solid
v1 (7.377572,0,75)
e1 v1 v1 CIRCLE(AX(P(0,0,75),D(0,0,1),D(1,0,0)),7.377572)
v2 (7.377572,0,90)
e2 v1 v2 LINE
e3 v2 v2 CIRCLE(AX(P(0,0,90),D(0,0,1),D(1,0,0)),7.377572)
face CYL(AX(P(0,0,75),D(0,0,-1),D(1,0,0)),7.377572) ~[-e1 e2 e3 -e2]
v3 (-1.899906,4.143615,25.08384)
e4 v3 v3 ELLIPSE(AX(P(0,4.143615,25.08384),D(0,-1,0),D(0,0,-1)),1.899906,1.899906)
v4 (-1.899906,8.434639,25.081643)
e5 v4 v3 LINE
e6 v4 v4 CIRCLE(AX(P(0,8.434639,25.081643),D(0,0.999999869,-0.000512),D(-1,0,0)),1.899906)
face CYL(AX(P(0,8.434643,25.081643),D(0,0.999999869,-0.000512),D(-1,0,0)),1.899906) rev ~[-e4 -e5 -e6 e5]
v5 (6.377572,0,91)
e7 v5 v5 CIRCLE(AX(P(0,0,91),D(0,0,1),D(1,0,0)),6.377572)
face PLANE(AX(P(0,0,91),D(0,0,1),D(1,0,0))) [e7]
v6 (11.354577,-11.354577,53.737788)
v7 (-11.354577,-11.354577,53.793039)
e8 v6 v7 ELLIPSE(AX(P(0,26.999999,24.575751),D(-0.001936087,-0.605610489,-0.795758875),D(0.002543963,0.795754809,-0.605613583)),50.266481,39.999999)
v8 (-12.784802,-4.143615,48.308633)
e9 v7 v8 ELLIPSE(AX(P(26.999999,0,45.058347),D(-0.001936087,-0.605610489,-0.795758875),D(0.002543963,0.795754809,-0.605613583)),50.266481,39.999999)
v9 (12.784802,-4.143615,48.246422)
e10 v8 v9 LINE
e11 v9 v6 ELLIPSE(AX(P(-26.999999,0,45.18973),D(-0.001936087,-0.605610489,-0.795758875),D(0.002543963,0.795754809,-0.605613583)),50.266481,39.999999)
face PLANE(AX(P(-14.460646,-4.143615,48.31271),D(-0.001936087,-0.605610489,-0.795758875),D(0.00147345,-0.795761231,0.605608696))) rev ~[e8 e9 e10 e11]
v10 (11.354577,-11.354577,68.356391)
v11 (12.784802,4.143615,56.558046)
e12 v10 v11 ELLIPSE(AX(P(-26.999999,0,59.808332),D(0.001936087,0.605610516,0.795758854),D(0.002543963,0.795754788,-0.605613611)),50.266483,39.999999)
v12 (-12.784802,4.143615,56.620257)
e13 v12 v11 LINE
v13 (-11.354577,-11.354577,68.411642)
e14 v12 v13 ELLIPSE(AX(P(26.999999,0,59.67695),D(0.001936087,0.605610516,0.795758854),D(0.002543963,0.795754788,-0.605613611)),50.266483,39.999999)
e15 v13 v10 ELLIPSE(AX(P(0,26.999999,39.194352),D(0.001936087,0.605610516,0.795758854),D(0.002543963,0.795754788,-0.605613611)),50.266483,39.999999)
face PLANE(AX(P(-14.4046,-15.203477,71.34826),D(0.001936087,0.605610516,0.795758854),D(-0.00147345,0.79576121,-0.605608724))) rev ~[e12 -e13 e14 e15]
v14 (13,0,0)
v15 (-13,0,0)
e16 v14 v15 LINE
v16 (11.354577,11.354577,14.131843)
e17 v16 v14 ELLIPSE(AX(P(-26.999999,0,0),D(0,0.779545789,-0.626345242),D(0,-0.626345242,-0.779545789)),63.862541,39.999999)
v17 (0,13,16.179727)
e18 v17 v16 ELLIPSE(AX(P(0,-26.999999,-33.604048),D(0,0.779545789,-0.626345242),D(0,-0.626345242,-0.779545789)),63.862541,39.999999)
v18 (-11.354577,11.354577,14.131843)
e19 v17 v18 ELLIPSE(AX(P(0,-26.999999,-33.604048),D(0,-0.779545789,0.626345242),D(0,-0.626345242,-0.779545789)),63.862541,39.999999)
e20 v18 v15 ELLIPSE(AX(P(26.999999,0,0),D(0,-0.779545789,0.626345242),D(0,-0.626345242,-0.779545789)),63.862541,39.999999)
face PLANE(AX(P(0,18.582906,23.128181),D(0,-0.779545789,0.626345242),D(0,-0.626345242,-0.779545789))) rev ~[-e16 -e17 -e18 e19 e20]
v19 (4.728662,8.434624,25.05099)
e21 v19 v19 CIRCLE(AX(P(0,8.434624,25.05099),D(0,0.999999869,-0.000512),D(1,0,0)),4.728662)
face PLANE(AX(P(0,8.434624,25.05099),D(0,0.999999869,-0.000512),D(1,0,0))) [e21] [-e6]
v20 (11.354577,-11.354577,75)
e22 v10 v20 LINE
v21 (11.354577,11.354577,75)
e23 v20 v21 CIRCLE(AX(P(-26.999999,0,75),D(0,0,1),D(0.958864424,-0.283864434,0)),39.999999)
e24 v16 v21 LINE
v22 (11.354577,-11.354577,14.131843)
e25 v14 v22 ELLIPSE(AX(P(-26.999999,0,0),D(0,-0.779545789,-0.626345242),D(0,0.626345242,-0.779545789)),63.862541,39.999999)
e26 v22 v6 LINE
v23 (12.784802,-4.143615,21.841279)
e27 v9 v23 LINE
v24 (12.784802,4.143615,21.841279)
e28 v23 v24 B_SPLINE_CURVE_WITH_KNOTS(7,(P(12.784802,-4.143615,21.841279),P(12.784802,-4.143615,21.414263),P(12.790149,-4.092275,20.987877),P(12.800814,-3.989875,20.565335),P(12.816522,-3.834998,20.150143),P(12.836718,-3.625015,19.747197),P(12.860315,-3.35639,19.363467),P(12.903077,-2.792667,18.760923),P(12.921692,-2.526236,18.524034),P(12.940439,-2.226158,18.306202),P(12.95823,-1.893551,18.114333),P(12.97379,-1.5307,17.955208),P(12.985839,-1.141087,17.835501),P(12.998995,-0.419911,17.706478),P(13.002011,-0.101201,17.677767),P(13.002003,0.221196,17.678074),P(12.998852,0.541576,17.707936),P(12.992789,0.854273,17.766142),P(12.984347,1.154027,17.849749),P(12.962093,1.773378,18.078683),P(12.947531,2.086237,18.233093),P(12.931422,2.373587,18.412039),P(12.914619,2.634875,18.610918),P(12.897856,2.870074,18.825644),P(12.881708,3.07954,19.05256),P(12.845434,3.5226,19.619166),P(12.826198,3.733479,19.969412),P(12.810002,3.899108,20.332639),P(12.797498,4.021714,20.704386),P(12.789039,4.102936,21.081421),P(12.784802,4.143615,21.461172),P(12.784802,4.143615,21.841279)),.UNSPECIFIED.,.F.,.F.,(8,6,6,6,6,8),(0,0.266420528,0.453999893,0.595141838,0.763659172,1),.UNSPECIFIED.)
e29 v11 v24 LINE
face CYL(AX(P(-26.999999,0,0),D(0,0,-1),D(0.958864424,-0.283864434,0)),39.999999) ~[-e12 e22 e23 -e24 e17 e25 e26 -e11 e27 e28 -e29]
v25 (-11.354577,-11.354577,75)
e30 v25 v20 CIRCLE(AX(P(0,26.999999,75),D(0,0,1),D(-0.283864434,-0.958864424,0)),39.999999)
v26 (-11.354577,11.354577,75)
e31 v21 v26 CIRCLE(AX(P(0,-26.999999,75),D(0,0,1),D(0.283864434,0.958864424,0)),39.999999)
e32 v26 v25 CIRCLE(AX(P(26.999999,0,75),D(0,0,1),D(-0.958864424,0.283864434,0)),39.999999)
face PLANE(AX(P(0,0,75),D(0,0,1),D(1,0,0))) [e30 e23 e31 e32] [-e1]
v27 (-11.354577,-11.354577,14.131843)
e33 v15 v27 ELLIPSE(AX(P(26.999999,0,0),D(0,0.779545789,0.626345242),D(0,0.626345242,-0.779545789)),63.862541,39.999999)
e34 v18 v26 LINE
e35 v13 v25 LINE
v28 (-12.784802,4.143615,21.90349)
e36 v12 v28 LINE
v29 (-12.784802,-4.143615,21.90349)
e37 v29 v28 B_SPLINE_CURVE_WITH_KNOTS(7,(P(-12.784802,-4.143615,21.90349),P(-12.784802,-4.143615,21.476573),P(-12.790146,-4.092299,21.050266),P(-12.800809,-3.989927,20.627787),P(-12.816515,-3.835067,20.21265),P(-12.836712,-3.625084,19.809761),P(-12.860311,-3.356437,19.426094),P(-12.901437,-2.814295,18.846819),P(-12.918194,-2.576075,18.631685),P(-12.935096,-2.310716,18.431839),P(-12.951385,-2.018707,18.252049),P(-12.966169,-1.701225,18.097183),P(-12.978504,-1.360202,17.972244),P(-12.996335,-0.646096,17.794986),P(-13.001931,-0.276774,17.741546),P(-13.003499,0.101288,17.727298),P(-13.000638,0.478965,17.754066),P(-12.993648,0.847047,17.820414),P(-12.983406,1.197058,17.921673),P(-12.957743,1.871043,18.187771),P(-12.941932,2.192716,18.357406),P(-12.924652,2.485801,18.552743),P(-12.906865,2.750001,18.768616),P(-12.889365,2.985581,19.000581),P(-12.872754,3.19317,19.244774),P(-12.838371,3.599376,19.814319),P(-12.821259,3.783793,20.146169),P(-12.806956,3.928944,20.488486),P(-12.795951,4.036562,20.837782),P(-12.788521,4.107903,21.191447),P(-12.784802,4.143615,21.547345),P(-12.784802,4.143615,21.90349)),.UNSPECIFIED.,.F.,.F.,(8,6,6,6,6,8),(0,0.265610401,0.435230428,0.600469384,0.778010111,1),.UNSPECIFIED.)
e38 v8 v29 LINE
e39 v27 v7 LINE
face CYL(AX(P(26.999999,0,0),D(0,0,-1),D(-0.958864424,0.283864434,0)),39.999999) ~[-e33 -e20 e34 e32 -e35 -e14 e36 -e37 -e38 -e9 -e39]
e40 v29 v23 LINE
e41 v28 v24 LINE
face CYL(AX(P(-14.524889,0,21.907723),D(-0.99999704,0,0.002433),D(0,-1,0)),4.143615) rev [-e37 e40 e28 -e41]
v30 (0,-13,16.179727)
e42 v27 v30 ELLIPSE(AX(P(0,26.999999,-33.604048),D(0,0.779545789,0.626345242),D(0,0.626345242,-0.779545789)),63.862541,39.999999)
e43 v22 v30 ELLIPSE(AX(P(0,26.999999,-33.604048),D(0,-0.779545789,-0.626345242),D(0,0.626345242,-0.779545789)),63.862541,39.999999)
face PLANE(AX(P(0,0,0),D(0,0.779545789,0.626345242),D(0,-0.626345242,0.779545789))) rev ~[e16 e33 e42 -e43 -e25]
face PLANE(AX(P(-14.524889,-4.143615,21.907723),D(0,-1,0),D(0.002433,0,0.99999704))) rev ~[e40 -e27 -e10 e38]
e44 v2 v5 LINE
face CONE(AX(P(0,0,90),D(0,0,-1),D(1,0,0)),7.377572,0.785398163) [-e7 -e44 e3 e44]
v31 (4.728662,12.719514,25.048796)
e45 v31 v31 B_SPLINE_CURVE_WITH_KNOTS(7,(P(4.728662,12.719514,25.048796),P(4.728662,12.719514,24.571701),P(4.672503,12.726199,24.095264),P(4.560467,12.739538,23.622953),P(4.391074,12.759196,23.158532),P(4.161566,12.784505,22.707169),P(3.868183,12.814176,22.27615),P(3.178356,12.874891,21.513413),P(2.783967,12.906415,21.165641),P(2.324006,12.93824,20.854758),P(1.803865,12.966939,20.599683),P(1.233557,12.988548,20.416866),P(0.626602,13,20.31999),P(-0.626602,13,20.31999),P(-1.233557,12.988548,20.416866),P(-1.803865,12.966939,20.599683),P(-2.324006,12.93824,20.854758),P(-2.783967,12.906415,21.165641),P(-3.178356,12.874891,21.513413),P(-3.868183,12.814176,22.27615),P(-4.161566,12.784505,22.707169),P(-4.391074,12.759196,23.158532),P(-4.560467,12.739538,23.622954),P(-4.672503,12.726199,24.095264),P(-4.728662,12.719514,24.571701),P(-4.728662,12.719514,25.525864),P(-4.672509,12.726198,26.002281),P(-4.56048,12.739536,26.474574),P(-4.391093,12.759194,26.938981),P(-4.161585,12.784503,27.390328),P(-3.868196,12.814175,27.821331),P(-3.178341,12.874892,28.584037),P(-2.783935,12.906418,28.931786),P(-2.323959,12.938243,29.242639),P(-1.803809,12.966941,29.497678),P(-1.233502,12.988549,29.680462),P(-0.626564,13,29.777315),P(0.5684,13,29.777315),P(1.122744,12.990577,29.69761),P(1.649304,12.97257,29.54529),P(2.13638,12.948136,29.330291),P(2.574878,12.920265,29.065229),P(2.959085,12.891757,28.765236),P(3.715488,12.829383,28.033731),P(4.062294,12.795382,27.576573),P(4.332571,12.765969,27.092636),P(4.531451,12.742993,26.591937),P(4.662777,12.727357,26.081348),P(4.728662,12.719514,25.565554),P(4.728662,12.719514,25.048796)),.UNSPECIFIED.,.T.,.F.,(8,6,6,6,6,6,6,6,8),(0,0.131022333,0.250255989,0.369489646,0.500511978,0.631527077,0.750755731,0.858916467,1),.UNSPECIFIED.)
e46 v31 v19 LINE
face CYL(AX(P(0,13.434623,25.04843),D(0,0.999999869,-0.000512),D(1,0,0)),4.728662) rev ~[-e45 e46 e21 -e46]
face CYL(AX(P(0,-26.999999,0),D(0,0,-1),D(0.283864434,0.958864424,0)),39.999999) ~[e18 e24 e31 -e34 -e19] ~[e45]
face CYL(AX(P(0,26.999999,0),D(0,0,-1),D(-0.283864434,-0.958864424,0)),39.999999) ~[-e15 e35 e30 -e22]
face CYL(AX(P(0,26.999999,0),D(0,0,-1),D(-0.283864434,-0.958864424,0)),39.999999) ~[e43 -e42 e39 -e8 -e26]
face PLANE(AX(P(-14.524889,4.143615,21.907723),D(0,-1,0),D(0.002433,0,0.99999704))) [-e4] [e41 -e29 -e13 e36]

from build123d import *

# Parameters (mm, degrees)
PAD_DEPTH            = 75
SKETCH001_R          = 7.377572
PAD001_DEPTH         = 16
CHAMFER_SIZE         = 1
POCKET_DEPTH         = 13.001
POCKET_DEPTH_BACK    = -13.001
SKETCH003_R          = 4.728662
POCKET001_DEPTH      = 5
POCKET002_DEPTH      = 0.001
POCKET002_DEPTH_BACK = -27.579089
SKETCH005_R          = 1.899906
POCKET003_DEPTH      = 5


with BuildPart() as part:
    # Sketch → Pad (new body)
    with BuildSketch(Plane.XY):
        with BuildLine():
            ThreePointArc((-11.354577, 11.354577), (-13, 0), (-11.354577, -11.354577))
            ThreePointArc((-11.354577, -11.354577), (0, -13), (11.354577, -11.354577))
            ThreePointArc((11.354577, -11.354577), (13, 0), (11.354577, 11.354577))
            ThreePointArc((11.354577, 11.354577), (0, 13), (-11.354577, 11.354577))
        make_face()
    extrude(amount=PAD_DEPTH)

    # Sketch001 (on Face6 of Pad) → Pad001 (join)
    with BuildSketch(Plane.XY.offset(75)):
        Circle(SKETCH001_R)
    extrude(amount=PAD001_DEPTH)

    # Chamfer
    chamfer_edges = [part.edges().sort_by_distance(p)[0] for p in [
        (-7.377572, 0, 91),
    ]]
    chamfer(chamfer_edges, length=CHAMFER_SIZE)

    # Sketch002 → Pocket (cut, two sides)
    with BuildSketch(Plane.YZ) as pocket_sk:
        Polygon((0, 0), (-18.582906, 23.128181), (-18.582906, -17.102173), (18.582906, -17.102173), (18.582906, 23.128181), align=None)
    extrude(amount=-POCKET_DEPTH, mode=Mode.SUBTRACT)
    extrude(pocket_sk.sketch, amount=-POCKET_DEPTH_BACK, mode=Mode.SUBTRACT)

    # Sketch003 (on DatumPlane) → Pocket001 (cut)
    with BuildSketch(Plane(origin=(0, 13.444963, 45.243954), x_dir=(1, 0, 0), z_dir=(0, 1, -0.000512))):
        with Locations((0, 20.195527)):
            Circle(SKETCH003_R)
    extrude(amount=-POCKET001_DEPTH, mode=Mode.SUBTRACT)

    # Sketch004 (on DatumPlane) → Pocket002 (cut, two sides)
    with BuildSketch(Plane(origin=(-14.478585, 0, 40.939498), x_dir=(0, 1, 0), z_dir=(0.999997, 0, -0.002433))) as pocket002_sk:
        with BuildLine():
            ThreePointArc((-4.143615, -19.031831), (0, -23.175446), (4.143615, -19.031831))
            Line((4.143615, -19.031831), (4.143615, 15.684834))
            Line((-15.203477, 30.408852), (4.143615, 15.684834))
            Line((-15.203477, 30.408852), (-20.945486, 20.160222))
            Line((-4.143615, 7.373234), (-20.945486, 20.160222))
            Line((-4.143615, -19.031831), (-4.143615, 7.373234))
        make_face()
    extrude(amount=-POCKET002_DEPTH, mode=Mode.SUBTRACT)
    extrude(pocket002_sk.sketch, amount=-POCKET002_DEPTH_BACK, mode=Mode.SUBTRACT)

    # Sketch005 (on Face18 of Pocket002) → Pocket003 (cut)
    with BuildSketch(Plane(origin=(0, 8.421799, -0.004311), x_dir=(-1, 0, 0), z_dir=(0, 1, -0.000512))):
        with Locations((0, 25.085957)):
            Circle(SKETCH005_R)
    extrude(amount=-POCKET003_DEPTH, mode=Mode.SUBTRACT)


solid = part.part
